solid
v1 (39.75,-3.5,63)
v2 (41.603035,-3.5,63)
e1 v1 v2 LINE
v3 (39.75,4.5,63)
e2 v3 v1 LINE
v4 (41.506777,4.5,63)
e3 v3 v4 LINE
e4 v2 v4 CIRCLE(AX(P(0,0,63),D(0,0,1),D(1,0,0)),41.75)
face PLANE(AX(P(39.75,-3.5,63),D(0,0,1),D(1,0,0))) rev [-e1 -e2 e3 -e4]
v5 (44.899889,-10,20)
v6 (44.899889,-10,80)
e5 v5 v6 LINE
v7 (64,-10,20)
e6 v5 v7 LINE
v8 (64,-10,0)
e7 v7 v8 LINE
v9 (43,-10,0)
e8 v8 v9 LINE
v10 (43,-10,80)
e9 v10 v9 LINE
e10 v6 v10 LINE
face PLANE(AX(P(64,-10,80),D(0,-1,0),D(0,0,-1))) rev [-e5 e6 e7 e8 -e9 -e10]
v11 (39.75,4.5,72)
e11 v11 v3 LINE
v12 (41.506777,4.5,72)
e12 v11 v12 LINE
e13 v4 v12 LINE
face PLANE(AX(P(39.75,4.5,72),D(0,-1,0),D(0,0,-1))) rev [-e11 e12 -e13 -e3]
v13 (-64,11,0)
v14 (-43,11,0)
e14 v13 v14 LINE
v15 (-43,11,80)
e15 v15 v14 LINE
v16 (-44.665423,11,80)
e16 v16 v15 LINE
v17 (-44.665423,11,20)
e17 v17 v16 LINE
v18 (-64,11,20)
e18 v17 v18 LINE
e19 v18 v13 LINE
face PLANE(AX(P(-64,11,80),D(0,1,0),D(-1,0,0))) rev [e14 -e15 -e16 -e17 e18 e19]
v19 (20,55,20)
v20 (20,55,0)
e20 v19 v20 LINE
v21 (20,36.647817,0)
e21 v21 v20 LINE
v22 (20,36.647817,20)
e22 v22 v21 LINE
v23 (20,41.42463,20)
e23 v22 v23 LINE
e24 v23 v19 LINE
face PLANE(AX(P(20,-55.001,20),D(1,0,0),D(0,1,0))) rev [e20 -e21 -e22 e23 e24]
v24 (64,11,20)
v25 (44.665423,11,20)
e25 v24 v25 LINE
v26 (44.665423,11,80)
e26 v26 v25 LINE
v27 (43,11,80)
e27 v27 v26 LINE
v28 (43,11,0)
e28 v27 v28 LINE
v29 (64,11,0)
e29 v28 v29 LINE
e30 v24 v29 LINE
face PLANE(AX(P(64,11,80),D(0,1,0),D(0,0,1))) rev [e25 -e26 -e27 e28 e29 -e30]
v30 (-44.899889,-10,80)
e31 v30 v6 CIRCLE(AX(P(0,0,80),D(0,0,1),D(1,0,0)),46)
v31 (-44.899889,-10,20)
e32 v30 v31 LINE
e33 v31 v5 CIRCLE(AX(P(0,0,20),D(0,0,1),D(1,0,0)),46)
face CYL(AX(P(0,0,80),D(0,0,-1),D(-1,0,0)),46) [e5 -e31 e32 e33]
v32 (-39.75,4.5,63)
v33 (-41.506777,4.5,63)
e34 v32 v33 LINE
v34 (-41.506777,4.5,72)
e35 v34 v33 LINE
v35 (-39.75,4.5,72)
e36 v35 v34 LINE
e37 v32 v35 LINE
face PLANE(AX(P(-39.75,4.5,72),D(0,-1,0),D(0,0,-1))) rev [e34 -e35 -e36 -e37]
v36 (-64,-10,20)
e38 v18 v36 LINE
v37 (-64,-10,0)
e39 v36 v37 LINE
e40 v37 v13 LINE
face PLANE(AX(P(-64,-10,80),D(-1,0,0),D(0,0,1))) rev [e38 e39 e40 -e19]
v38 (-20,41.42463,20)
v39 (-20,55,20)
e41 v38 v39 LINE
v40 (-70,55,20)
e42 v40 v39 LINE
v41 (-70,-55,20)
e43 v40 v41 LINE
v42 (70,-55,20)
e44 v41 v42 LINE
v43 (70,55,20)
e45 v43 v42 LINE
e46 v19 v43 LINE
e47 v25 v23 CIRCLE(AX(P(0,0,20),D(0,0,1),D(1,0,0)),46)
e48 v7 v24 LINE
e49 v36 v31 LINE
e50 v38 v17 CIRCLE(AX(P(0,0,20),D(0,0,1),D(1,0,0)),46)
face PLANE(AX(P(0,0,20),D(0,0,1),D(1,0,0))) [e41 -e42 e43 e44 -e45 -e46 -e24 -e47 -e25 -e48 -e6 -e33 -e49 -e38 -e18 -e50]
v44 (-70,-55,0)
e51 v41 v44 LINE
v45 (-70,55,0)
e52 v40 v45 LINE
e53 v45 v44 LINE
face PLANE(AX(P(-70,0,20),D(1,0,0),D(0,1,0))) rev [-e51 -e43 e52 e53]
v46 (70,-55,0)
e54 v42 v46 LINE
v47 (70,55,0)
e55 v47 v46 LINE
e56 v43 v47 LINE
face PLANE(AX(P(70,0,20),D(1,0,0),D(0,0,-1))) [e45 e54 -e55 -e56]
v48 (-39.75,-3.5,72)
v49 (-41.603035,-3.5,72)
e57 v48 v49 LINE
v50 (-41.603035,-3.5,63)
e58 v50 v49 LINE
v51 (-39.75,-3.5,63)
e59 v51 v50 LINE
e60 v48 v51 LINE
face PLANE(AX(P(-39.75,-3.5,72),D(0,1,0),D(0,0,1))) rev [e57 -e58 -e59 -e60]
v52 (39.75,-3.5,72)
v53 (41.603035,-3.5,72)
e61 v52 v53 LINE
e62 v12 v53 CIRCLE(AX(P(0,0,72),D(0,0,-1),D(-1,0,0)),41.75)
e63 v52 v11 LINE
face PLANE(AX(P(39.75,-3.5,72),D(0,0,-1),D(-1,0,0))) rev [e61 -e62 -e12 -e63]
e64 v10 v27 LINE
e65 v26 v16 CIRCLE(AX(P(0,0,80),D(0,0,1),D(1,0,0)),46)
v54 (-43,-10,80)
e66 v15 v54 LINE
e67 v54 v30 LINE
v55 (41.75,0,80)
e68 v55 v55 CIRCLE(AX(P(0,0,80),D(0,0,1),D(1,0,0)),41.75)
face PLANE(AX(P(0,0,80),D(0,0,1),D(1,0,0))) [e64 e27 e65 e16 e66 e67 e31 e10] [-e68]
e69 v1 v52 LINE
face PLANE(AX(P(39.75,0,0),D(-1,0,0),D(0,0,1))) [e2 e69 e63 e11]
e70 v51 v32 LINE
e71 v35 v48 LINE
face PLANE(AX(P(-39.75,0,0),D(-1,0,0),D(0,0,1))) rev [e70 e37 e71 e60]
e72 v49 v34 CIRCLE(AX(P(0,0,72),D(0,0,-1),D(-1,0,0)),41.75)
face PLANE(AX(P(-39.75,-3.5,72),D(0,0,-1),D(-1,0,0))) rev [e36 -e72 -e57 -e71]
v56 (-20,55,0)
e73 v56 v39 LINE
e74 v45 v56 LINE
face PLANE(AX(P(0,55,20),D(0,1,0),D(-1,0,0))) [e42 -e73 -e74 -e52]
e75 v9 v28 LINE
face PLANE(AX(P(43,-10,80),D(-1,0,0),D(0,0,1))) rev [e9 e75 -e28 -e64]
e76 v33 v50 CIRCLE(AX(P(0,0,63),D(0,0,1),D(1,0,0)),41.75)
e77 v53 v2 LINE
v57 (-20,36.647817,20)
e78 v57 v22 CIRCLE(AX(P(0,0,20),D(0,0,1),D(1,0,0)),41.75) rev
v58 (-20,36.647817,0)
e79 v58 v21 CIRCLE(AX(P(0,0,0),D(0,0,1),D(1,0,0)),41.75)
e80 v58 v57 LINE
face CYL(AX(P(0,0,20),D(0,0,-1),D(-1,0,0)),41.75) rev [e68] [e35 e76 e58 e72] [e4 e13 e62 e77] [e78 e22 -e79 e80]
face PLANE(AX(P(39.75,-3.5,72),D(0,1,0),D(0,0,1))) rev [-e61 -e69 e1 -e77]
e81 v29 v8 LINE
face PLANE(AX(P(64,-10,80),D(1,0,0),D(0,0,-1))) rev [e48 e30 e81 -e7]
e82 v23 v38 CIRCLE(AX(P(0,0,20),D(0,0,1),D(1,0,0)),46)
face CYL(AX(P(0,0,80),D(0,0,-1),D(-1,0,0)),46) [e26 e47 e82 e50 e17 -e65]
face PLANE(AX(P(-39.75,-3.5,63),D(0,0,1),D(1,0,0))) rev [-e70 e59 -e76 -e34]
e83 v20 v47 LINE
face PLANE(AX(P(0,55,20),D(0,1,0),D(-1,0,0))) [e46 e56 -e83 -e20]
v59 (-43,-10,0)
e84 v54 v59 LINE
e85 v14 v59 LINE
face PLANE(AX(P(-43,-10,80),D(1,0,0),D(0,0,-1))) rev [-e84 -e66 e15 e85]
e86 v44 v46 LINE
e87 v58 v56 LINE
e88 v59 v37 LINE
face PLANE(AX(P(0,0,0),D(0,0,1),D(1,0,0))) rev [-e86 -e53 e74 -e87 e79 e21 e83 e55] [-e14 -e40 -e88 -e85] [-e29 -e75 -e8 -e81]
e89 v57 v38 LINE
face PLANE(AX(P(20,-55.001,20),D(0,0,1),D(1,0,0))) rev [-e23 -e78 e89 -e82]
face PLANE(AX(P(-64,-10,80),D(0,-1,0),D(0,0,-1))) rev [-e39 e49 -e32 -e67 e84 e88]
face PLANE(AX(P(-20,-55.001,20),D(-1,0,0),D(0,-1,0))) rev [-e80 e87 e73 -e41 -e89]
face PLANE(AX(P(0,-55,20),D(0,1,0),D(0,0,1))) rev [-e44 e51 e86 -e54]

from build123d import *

# Parameters (mm, degrees)
SKETCH_1_W          = 140
SKETCH_1_H          = 110
SKETCH_1_R          = 41.75
EXTRUDE_2_DEPTH     = 20
SKETCH_3_R          = 46
SKETCH_3_R_2        = 41.75
EXTRUDE_3_DEPTH     = 60
SKETCH_4_W          = 21
SKETCH_4_H          = 21
CUT_EXTRUDE_1_DEPTH = 81
SKETCH_6_W          = 9
SKETCH_6_H          = 8
EXTRUDE_4_DEPTH     = 2
SKETCH_7_W          = 9
SKETCH_7_H          = 8
EXTRUDE_5_DEPTH     = 2
CUT_EXTRUDE_2_REACH = 112
SKETCH_8_W          = 40
SKETCH_8_H          = 20


with BuildPart() as part:
    # 草圖1 → 填料-伸長2 (new body)
    with BuildSketch(Plane.XY):
        Rectangle(SKETCH_1_W, SKETCH_1_H)
        Circle(SKETCH_1_R, mode=Mode.SUBTRACT)
    extrude(amount=EXTRUDE_2_DEPTH)

    # 草圖3 → 填料-伸長3 (add)
    with BuildSketch(Plane.XY.offset(20)):
        Circle(SKETCH_3_R)
        Circle(SKETCH_3_R_2, mode=Mode.SUBTRACT)
    extrude(amount=EXTRUDE_3_DEPTH)

    # 草圖4 → 除料-伸長1 (cut, through all)
    with BuildSketch(Plane(origin=(0, 0, 0), x_dir=(-1, 0, 0), z_dir=(0, 0, -1))):
        with Locations((53.5, 0.5)):
            Rectangle(SKETCH_4_W, SKETCH_4_H)
        with Locations((-53.5, 0.5)):
            Rectangle(SKETCH_4_W, SKETCH_4_H)
    extrude(amount=-CUT_EXTRUDE_1_DEPTH, mode=Mode.SUBTRACT)

    # 草圖6 → 填料-伸長4 (add)
    with BuildSketch(Plane(origin=(-41.75, 0, 0), x_dir=(0, 0, -1), z_dir=(1, 0, 0))):
        with Locations((-67.5, 0.5)):
            Rectangle(SKETCH_6_W, SKETCH_6_H)
    extrude(amount=EXTRUDE_4_DEPTH)

    # 草圖7 → 填料-伸長5 (add)
    with BuildSketch(Plane.ZY.offset(-41.75)):
        with Locations((67.5, 0.5)):
            Rectangle(SKETCH_7_W, SKETCH_7_H)
    extrude(amount=EXTRUDE_5_DEPTH)

    # 草圖8 → 除料-伸長2 (cut, up to next)
    with BuildSketch(Plane(origin=(0, 55, 0), x_dir=(1, 0, 0), z_dir=(0, 1, 0)), mode=Mode.PRIVATE) as cut_extrude_2_sk1:
        with Locations((0, -10)):
            Rectangle(SKETCH_8_W, SKETCH_8_H)
    cut_extrude_2_tool1 = extrude(cut_extrude_2_sk1.sketch, amount=-CUT_EXTRUDE_2_REACH, mode=Mode.PRIVATE) & part.part
    add(cut_extrude_2_tool1.solids().sort_by_distance((0, 55, 10))[0], mode=Mode.SUBTRACT)


solid = part.part
